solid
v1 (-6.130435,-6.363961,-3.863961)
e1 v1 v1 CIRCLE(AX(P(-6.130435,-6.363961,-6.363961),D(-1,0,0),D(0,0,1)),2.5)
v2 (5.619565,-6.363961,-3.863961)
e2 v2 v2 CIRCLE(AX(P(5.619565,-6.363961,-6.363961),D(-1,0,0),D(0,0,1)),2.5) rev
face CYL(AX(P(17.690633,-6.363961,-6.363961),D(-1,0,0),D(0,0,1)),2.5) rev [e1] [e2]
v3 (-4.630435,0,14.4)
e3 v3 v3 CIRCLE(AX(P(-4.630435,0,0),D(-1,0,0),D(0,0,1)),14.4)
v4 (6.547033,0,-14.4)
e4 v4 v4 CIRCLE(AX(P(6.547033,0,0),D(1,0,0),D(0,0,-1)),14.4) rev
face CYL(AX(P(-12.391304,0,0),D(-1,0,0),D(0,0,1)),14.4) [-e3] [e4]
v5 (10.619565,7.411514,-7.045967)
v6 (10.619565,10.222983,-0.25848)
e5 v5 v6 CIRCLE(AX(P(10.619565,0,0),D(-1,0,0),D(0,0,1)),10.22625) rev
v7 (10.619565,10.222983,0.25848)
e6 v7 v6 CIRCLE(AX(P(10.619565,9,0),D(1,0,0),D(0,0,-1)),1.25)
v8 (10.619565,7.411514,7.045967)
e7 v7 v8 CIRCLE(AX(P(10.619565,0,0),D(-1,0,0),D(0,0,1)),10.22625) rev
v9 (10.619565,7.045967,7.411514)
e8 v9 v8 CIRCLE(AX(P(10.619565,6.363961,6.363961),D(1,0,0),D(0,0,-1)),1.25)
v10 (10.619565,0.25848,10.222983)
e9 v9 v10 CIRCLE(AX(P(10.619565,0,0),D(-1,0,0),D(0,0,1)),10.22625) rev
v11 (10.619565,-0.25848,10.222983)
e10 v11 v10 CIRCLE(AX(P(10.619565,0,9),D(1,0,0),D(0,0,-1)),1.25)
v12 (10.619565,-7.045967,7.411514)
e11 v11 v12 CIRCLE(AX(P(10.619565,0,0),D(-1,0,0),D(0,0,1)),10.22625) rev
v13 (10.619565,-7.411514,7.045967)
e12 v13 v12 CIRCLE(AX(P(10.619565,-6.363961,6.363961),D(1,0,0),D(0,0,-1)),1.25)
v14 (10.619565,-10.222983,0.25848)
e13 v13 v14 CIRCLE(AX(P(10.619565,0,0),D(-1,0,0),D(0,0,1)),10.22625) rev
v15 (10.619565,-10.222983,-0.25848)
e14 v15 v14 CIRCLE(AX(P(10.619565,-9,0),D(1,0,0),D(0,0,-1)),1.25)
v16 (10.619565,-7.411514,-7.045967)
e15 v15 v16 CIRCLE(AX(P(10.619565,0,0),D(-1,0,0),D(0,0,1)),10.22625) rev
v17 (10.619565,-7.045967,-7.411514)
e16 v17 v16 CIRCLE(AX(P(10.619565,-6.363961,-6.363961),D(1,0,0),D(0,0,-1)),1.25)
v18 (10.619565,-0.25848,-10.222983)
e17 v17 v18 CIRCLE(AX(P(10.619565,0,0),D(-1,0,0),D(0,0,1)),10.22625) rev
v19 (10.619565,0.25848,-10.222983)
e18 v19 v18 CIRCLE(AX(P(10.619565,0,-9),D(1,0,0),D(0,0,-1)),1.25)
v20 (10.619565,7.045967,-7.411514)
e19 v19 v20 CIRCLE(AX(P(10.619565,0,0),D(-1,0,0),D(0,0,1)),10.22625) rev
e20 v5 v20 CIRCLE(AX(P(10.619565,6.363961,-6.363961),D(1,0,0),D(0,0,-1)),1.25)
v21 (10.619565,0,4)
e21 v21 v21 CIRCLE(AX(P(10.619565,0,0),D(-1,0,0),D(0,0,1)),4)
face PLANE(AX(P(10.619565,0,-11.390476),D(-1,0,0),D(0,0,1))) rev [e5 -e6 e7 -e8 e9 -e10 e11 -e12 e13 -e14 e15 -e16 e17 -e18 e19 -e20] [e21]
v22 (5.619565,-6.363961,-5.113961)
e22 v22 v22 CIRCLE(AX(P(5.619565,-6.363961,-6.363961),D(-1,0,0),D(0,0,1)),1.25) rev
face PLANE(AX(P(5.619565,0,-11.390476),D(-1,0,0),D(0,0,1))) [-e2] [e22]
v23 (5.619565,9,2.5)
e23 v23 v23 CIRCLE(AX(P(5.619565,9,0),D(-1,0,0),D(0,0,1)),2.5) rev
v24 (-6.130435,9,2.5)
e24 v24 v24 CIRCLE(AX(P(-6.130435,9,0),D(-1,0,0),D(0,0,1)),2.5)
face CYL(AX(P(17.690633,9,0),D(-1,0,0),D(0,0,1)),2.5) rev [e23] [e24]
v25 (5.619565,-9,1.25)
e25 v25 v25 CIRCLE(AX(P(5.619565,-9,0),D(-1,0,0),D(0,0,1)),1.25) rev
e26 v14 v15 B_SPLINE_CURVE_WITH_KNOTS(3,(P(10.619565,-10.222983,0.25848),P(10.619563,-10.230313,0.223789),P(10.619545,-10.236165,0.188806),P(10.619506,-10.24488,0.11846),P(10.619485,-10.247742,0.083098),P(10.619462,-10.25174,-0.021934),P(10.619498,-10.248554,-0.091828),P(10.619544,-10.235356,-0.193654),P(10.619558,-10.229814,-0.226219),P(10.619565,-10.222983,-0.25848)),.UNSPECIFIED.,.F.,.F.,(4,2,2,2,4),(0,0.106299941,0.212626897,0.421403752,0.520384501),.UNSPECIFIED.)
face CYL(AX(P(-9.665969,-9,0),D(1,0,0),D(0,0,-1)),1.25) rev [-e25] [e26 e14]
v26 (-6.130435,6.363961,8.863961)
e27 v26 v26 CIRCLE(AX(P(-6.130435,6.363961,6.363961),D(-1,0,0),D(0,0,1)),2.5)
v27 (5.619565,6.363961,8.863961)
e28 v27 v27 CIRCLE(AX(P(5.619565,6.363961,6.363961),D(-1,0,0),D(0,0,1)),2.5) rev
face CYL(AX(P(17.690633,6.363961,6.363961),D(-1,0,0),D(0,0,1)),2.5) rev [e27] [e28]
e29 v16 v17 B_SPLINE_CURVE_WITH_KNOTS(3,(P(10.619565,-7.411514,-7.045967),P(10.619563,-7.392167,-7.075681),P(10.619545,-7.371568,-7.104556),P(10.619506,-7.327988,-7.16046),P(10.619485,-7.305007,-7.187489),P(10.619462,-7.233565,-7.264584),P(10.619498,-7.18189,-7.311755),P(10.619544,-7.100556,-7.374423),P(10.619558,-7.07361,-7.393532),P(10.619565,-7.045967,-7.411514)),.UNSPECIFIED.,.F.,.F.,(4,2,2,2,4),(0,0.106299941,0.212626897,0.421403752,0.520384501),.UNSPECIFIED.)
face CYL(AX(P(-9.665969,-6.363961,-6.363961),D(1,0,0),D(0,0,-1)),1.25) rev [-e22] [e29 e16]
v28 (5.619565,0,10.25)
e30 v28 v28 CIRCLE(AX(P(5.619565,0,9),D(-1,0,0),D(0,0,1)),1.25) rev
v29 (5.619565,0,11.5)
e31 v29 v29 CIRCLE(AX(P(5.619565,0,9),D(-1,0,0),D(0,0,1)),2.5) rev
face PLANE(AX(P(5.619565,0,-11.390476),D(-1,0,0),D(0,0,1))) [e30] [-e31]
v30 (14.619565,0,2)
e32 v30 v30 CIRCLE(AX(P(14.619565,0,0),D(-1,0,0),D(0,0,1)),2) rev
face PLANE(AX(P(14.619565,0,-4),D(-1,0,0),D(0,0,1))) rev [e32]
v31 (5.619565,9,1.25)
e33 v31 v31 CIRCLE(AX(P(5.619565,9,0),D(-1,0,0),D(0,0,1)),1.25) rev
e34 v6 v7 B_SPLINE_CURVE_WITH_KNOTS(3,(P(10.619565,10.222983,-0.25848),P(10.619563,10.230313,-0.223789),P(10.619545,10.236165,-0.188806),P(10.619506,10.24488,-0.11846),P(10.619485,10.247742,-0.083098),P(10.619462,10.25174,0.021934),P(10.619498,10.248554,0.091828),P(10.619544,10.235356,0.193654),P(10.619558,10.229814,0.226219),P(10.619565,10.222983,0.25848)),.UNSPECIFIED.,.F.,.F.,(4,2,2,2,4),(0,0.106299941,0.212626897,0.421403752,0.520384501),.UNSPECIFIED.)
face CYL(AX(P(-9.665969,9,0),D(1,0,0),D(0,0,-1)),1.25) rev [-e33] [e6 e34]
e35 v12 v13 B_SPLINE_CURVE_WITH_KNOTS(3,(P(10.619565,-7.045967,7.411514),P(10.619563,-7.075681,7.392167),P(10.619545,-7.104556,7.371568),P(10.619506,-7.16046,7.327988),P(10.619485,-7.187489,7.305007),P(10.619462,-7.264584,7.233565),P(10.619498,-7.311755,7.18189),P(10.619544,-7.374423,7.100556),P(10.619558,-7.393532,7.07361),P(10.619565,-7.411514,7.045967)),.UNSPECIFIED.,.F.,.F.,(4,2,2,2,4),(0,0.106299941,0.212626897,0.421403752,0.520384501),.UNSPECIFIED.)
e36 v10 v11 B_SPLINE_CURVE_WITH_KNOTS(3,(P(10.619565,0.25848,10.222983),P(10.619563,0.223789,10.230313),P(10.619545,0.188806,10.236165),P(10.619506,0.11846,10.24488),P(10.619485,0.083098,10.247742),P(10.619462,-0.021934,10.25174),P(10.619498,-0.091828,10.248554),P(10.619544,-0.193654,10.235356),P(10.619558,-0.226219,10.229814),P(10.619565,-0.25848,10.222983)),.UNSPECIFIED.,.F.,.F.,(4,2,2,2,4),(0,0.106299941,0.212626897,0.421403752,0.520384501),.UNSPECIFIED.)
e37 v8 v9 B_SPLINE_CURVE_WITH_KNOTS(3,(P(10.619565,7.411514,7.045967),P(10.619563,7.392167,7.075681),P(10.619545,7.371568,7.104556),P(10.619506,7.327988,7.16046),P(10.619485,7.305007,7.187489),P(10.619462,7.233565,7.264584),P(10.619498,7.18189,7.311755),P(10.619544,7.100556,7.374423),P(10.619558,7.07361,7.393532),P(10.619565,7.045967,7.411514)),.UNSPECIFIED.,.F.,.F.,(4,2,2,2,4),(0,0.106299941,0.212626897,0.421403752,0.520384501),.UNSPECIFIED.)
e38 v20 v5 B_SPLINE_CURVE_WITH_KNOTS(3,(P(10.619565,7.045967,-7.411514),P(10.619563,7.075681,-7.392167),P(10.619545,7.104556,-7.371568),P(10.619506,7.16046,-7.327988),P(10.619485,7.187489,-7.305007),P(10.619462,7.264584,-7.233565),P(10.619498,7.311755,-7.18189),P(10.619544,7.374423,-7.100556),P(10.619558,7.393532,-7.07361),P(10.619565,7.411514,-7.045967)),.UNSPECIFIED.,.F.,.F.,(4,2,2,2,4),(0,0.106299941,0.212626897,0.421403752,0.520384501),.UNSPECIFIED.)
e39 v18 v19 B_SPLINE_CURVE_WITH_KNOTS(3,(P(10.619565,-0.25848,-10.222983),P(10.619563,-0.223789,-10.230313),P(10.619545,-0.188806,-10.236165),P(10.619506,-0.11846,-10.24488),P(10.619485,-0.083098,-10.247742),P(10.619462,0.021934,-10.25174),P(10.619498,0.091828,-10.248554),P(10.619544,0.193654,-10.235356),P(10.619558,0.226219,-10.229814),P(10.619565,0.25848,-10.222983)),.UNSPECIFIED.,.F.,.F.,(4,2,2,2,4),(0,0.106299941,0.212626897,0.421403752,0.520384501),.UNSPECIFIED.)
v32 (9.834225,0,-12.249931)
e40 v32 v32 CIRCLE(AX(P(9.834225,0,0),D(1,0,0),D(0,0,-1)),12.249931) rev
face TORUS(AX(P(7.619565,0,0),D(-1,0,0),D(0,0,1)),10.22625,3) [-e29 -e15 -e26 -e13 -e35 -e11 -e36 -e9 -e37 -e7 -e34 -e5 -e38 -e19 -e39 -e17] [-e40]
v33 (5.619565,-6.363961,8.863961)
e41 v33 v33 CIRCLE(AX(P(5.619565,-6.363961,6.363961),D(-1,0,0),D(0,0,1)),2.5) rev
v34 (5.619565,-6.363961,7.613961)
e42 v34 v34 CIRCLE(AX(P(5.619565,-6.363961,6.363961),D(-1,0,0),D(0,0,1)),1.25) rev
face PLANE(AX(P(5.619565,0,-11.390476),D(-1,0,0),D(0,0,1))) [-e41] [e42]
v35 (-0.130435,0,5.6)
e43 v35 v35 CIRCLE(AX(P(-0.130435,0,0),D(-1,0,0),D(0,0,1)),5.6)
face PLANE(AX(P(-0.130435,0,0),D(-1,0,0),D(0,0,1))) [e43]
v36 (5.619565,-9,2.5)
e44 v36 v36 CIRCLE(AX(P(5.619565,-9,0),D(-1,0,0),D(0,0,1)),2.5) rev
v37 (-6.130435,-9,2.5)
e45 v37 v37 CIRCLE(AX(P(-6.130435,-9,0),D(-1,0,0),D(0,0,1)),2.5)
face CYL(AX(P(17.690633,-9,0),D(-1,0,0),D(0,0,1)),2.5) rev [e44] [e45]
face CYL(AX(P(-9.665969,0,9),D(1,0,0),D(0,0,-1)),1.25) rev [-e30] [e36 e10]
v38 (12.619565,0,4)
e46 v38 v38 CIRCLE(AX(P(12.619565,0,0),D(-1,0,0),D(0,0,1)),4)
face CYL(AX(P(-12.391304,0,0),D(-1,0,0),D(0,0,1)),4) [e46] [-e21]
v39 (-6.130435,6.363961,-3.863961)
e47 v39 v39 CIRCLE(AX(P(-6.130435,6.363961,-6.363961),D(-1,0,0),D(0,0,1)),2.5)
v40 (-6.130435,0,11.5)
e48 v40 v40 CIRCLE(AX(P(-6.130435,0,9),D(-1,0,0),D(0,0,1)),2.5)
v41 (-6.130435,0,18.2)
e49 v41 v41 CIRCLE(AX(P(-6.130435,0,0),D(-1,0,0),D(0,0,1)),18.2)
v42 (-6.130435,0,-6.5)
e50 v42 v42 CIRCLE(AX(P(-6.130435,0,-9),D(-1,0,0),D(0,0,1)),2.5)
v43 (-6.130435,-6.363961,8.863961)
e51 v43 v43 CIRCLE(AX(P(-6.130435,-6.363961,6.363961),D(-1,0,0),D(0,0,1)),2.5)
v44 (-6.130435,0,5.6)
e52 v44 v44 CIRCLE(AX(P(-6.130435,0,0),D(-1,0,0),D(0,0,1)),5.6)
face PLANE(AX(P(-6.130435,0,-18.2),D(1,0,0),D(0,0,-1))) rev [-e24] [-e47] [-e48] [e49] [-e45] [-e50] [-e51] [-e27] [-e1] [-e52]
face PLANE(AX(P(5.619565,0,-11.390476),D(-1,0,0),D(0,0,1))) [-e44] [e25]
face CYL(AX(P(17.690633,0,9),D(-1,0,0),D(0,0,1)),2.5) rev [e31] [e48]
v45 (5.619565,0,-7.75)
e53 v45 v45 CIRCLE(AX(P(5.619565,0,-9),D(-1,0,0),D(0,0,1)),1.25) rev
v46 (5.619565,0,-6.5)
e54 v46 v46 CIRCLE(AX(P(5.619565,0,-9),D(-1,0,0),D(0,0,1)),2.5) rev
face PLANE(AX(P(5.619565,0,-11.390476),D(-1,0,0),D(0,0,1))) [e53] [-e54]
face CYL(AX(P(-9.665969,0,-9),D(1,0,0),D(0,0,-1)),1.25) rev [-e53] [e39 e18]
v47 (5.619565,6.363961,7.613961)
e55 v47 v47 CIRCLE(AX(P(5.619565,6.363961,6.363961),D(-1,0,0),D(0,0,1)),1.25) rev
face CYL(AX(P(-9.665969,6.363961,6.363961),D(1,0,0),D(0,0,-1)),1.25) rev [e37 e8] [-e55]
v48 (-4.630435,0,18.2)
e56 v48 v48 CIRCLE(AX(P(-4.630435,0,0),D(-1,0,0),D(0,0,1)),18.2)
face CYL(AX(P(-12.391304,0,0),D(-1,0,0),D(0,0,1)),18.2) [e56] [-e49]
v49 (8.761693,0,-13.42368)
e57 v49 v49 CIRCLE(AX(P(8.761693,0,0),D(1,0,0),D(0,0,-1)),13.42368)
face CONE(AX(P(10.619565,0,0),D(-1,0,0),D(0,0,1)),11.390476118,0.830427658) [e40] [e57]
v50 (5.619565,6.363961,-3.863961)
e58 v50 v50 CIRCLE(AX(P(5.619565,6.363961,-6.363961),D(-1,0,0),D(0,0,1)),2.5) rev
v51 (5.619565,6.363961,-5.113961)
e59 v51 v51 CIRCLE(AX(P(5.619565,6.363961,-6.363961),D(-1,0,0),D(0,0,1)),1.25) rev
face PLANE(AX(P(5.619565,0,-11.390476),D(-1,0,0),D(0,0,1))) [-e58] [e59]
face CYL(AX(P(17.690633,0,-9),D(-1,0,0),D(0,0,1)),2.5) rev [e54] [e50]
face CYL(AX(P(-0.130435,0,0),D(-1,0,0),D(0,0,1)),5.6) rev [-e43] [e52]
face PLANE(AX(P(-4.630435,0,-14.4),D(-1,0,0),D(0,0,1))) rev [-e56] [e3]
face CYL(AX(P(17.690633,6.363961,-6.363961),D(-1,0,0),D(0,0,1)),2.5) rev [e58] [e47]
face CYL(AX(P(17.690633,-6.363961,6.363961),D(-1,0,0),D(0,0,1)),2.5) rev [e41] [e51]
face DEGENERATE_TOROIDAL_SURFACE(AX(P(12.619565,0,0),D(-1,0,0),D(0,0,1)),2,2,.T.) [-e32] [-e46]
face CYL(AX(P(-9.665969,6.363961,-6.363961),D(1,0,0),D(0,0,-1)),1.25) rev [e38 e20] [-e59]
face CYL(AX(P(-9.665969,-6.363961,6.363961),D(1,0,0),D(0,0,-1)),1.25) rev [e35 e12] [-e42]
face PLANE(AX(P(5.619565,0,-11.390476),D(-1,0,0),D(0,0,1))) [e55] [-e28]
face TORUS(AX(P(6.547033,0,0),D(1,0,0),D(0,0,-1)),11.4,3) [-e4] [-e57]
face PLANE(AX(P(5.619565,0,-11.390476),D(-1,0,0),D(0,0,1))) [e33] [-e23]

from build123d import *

# Parameters (mm, degrees)
FILLET1_R          = 2
SKETCH4_R          = 5.6
CUT_EXTRUDE3_DEPTH = 6
SKETCH5_R          = 1.25
CUT_EXTRUDE4_DEPTH = 16.75
SKETCH6_R          = 2.5
CUT_EXTRUDE5_DEPTH = 11.75
FILLET2_R          = 3


with BuildPart() as part:
    # Sketch1 → Revolve1 (revolve)
    with BuildSketch(Plane(origin=(0, 0, 0), x_dir=(1, 0, 0), z_dir=(0, 1, 0))):
        Polygon((-4.630434783, 14.4), (7.869565217, 14.4), (10.619565217, 11.390476118), (10.619565217, 4), (14.619565217, 4), (14.619565217, 0), (13.372742768, 0), (-6.130434783, 0), (-6.130434783, 18.2), (-4.630434783, 18.2), align=None)
    revolve(axis=Axis((-12.391304348, 0, 0), (1, 0, 0)))

    # Fillet1
    fillet1_edges = [part.edges().sort_by_distance(p)[0] for p in [
        (14.619565217, 0, 4),
    ]]
    fillet(fillet1_edges, radius=FILLET1_R)

    # Sketch4 → Cut-Extrude3 (cut)
    with BuildSketch(Plane.ZY.offset(6.130434783)):
        Circle(SKETCH4_R)
    extrude(amount=-CUT_EXTRUDE3_DEPTH, mode=Mode.SUBTRACT)

    # Sketch5 → Cut-Extrude4 (cut)
    with BuildSketch(Plane(origin=(10.619565217, 0, 0), x_dir=(0, 0, -1), z_dir=(1, 0, 0))):
        with Locations((0, 9)):
            Circle(SKETCH5_R)
        with Locations((6.363961031, 6.363961031)):
            Circle(SKETCH5_R)
        with Locations((9, 0)):
            Circle(SKETCH5_R)
        with Locations((6.363961031, -6.363961031)):
            Circle(SKETCH5_R)
        with Locations((0, -9)):
            Circle(SKETCH5_R)
        with Locations((-6.363961031, -6.363961031)):
            Circle(SKETCH5_R)
        with Locations((-9, 0)):
            Circle(SKETCH5_R)
        with Locations((-6.363961031, 6.363961031)):
            Circle(SKETCH5_R)
    extrude(amount=-CUT_EXTRUDE4_DEPTH, mode=Mode.SUBTRACT)

    # Sketch6 → Cut-Extrude5 (cut)
    with BuildSketch(Plane.ZY.offset(6.130434783)):
        with Locations((0, 9)):
            Circle(SKETCH6_R)
        with Locations((6.363961031, 6.363961031)):
            Circle(SKETCH6_R)
        with Locations((9, 0)):
            Circle(SKETCH6_R)
        with Locations((6.363961031, -6.363961031)):
            Circle(SKETCH6_R)
        with Locations((0, -9)):
            Circle(SKETCH6_R)
        with Locations((-6.363961031, -6.363961031)):
            Circle(SKETCH6_R)
        with Locations((-9, 0)):
            Circle(SKETCH6_R)
        with Locations((-6.363961031, 6.363961031)):
            Circle(SKETCH6_R)
    extrude(amount=-CUT_EXTRUDE5_DEPTH, mode=Mode.SUBTRACT)

    # Fillet2
    fillet2_edges = [part.edges().sort_by_distance(p)[0] for p in [
        (7.869565217, 0, 14.4),
        (10.619565217, 0, 11.390476118),
    ]]
    fillet(fillet2_edges, radius=FILLET2_R)


solid = part.part
